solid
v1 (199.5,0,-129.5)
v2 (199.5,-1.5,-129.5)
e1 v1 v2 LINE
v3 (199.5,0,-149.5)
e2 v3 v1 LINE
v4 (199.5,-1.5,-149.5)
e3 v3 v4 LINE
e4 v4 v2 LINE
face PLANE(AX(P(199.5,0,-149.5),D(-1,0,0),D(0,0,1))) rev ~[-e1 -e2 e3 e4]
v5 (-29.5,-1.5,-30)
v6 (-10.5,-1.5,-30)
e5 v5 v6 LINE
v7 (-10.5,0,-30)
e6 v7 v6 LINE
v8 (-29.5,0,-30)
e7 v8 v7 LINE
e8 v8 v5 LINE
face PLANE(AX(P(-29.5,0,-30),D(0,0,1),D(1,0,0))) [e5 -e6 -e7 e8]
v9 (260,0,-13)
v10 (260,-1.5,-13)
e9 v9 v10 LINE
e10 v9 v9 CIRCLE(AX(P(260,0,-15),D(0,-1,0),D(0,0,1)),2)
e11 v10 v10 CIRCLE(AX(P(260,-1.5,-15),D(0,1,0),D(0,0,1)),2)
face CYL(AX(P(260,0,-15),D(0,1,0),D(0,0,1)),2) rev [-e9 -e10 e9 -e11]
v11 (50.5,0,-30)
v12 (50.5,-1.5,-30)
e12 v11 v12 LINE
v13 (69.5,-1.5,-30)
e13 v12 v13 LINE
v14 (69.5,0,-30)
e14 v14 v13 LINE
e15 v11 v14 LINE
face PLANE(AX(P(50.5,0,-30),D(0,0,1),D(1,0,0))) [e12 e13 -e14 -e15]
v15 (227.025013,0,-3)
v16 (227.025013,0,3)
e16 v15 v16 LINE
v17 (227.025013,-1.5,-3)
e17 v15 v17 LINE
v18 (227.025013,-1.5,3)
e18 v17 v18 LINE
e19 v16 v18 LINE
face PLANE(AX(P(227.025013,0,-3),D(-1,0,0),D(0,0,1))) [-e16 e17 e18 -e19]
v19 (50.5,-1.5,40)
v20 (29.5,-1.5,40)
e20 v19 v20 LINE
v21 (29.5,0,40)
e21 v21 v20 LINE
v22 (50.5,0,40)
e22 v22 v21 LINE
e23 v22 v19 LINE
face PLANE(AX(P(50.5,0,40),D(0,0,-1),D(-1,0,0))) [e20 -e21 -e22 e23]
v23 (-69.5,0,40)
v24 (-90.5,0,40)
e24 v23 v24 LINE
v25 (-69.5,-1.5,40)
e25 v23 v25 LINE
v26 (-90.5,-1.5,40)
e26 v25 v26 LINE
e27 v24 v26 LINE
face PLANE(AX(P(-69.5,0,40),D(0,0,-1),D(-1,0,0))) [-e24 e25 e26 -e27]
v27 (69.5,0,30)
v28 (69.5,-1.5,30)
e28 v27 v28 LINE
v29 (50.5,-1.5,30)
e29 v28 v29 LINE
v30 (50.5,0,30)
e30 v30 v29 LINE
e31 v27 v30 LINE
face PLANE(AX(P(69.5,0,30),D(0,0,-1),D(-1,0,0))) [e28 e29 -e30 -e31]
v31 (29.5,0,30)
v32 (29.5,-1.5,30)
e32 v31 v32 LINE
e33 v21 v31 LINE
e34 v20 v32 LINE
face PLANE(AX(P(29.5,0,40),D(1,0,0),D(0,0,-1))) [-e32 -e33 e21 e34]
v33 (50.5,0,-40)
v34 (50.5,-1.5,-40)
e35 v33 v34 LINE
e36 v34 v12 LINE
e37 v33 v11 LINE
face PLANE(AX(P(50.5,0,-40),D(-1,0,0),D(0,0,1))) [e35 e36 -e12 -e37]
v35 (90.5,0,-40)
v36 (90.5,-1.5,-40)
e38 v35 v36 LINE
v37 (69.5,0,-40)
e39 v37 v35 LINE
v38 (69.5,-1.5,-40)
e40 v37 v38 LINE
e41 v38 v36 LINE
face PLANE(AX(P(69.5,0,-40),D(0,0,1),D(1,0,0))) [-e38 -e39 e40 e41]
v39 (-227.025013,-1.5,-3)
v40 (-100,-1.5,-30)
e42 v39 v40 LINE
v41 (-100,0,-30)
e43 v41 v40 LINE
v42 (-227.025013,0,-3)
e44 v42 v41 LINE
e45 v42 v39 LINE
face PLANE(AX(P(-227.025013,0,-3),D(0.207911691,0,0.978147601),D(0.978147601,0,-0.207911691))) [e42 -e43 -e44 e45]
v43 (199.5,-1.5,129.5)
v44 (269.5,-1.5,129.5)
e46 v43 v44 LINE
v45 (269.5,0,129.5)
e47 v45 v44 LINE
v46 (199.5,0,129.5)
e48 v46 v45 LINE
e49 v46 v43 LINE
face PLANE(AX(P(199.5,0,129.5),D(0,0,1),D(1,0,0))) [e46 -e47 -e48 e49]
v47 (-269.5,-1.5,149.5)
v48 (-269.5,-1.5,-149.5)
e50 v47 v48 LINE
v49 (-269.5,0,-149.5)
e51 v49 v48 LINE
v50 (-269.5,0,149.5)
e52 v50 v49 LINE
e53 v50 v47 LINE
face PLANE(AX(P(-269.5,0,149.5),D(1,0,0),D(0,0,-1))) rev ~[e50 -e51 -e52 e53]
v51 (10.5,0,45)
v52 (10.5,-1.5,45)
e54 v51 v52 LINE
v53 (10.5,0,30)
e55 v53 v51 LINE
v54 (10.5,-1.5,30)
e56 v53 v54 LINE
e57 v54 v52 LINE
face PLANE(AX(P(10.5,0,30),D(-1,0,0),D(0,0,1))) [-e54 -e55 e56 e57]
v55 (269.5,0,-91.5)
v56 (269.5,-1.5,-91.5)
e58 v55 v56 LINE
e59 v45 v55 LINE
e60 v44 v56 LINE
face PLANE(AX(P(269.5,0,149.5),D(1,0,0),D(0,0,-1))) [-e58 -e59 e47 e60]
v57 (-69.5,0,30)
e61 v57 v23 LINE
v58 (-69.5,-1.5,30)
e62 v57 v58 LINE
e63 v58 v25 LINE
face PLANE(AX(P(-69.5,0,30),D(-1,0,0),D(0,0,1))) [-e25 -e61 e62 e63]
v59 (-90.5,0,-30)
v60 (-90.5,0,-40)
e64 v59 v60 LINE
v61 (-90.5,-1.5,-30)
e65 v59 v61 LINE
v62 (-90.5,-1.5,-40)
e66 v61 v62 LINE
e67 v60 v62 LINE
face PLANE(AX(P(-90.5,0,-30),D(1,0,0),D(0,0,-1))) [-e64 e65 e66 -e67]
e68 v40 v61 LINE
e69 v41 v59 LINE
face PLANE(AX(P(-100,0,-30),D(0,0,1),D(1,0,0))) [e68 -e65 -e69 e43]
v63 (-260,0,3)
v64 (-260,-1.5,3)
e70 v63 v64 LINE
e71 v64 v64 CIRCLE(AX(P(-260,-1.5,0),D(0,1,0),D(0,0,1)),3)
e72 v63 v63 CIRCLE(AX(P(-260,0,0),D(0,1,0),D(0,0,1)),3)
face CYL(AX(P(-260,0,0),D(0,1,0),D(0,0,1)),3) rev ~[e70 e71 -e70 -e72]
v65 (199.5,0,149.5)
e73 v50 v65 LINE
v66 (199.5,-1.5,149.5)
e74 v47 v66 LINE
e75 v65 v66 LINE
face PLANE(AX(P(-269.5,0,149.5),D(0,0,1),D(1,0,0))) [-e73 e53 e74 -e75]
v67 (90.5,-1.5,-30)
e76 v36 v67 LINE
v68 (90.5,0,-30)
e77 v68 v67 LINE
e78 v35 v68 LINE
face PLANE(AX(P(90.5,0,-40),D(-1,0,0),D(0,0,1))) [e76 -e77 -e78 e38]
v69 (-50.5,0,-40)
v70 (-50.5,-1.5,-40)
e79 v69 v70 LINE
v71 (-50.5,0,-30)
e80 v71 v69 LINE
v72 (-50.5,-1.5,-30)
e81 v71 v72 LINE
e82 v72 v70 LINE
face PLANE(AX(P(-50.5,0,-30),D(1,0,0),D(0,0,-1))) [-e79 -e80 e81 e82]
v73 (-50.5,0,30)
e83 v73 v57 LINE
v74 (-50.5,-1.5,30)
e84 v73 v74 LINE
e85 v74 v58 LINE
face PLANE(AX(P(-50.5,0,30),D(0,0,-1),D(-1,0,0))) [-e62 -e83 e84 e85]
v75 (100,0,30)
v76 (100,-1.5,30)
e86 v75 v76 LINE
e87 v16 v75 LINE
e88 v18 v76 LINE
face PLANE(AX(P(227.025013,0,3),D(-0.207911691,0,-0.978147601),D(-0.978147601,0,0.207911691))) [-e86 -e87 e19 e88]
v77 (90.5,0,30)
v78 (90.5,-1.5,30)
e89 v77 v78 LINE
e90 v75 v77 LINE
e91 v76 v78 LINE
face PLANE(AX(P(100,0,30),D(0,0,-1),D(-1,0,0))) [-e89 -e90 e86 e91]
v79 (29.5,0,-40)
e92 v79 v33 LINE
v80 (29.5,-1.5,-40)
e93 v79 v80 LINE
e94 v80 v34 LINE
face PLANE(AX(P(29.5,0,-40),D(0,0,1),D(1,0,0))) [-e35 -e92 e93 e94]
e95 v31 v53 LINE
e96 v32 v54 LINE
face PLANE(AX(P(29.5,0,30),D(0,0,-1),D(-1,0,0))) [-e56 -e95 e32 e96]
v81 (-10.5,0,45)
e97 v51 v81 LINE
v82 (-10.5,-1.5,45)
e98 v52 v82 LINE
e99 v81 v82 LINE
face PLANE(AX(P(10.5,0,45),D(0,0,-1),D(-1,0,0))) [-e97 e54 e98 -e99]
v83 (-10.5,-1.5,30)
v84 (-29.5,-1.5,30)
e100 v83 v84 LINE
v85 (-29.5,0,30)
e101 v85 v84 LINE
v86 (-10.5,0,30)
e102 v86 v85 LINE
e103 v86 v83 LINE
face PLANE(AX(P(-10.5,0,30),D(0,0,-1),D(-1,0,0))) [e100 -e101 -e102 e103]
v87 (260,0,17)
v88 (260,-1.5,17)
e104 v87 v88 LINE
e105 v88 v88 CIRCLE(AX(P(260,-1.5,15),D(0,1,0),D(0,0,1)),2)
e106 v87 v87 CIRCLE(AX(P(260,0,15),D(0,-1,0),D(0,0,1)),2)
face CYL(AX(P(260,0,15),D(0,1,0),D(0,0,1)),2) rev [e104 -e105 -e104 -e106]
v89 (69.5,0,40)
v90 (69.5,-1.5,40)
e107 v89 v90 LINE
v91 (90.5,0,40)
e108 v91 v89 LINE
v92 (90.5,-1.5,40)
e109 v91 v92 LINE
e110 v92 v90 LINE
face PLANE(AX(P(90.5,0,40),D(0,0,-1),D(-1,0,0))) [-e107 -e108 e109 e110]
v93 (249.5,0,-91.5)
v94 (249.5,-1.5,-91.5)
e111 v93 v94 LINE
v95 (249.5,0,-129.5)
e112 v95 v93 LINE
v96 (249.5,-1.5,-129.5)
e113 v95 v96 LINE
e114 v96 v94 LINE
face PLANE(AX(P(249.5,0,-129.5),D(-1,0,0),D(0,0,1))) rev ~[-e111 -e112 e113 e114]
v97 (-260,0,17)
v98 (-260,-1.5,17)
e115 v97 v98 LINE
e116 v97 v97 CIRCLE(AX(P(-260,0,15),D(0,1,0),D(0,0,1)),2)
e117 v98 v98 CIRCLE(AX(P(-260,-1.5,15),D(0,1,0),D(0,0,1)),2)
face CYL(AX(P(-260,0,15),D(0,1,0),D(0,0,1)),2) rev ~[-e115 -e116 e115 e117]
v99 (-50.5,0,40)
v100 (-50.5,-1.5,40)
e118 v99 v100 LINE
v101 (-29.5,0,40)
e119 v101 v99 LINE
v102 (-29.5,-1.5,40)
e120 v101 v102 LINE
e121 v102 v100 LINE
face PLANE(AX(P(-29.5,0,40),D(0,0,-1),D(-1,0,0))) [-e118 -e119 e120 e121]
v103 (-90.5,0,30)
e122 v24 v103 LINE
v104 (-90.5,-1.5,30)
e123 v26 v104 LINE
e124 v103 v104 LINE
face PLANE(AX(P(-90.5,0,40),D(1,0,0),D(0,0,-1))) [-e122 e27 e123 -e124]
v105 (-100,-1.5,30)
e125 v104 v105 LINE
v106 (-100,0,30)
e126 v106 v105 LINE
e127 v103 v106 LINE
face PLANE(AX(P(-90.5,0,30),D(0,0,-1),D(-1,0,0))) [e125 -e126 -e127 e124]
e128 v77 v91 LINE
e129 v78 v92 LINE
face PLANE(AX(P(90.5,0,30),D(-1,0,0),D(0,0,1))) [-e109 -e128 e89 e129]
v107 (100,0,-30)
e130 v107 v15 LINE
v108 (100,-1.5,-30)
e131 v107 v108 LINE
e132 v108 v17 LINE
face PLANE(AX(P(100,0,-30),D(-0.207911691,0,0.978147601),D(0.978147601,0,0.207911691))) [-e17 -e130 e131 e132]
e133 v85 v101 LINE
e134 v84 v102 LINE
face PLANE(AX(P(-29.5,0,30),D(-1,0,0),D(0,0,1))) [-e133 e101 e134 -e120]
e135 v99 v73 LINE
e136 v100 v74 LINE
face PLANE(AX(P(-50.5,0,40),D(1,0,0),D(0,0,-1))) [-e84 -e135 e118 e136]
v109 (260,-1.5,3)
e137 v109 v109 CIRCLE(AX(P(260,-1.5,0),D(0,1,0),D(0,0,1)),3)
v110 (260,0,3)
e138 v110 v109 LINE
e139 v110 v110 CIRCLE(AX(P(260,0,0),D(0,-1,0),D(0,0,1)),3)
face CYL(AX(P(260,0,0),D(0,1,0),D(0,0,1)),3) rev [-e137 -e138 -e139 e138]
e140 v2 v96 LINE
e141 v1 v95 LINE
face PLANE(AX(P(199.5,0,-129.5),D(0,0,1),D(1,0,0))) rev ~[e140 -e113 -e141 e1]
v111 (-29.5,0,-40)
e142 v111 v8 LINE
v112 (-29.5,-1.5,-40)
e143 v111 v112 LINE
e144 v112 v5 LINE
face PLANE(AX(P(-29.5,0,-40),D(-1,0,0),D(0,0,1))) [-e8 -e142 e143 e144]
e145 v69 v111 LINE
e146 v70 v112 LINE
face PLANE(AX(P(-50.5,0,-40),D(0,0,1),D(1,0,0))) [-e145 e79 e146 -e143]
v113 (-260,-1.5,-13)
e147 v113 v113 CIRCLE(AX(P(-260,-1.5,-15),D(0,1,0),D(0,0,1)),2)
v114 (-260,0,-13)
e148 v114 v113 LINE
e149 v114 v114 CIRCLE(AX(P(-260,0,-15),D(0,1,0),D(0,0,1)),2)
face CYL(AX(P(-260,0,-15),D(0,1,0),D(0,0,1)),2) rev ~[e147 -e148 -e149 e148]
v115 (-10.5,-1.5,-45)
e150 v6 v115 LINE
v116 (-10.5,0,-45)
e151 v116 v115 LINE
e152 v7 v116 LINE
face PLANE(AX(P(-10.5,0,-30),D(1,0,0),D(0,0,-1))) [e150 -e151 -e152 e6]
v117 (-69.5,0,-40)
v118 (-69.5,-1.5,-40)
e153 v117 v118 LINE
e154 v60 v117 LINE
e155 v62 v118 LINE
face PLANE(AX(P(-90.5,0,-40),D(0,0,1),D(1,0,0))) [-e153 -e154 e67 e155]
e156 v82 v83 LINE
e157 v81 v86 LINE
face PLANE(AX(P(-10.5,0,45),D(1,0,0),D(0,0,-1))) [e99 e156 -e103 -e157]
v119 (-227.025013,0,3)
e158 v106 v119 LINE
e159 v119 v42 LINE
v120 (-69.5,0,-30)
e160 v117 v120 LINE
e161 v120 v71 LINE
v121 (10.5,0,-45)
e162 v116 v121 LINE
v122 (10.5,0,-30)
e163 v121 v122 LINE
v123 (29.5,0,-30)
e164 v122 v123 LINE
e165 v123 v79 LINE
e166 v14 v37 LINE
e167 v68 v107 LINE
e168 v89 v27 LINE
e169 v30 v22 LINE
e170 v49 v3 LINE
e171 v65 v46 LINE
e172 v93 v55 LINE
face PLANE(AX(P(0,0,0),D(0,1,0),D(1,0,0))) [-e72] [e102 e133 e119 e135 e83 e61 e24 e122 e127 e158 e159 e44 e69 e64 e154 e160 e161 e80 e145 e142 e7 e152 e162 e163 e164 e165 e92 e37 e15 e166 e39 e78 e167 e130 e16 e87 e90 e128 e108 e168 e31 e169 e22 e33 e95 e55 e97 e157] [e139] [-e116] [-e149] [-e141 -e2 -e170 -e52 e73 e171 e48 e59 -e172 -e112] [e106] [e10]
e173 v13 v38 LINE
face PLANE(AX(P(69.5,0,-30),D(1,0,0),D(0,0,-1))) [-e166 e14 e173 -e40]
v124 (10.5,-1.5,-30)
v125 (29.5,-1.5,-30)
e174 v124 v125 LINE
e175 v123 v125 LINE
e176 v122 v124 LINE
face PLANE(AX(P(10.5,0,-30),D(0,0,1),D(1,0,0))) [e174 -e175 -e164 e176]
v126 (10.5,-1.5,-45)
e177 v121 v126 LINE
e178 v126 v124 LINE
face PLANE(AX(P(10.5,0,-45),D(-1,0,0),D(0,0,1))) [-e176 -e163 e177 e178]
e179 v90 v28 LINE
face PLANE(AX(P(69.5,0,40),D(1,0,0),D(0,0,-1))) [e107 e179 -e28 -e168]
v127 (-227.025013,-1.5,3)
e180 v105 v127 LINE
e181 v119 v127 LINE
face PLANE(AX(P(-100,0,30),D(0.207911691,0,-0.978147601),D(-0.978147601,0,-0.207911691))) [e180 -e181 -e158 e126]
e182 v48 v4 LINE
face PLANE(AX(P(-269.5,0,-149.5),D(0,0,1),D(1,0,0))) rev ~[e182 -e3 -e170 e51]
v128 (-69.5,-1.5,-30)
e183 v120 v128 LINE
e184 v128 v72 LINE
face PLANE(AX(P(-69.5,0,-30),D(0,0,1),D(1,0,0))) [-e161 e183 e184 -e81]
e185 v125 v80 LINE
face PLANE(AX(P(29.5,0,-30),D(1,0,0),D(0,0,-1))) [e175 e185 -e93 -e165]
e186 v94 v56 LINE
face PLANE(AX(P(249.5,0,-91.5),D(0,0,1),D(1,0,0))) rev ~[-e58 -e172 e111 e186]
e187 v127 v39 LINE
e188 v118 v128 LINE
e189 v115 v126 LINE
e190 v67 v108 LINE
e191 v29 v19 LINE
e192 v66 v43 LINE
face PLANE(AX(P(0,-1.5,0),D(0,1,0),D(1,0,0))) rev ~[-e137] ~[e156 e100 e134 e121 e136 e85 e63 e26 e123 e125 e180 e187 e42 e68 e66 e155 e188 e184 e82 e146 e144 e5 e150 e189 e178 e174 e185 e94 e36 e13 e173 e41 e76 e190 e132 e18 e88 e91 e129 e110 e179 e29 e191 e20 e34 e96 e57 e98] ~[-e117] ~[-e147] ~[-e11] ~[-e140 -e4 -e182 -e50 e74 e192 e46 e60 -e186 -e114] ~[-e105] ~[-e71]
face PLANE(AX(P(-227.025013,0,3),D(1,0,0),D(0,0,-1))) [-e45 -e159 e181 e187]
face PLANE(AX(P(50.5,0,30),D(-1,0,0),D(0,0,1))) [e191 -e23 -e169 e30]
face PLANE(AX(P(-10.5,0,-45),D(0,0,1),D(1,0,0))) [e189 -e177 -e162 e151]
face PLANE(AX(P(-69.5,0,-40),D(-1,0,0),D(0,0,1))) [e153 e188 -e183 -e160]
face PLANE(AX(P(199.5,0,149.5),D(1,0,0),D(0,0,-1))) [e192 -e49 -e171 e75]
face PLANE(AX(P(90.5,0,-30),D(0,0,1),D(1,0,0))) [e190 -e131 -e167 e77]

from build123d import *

# Parameters (mm, degrees)
SKETCH1_W           = 539
SKETCH1_H           = 299
BOSS_EXTRUDE1_DEPTH = 1.5
SKETCH10_W          = 70
SKETCH10_H          = 20
CUT_EXTRUDE6_DEPTH  = 309.192715683
SKETCH2_R           = 3
SKETCH2_R_2         = 2
CUT_EXTRUDE1_DEPTH  = 10
CUT_EXTRUDE7_DEPTH  = 309.192715683


with BuildPart() as part:
    # Sketch1 → Boss-Extrude1 (new body)
    with BuildSketch(Plane(origin=(0, 0, 0), x_dir=(1, 0, 0), z_dir=(0, 1, 0))):
        Rectangle(SKETCH1_W, SKETCH1_H)
    extrude(amount=-BOSS_EXTRUDE1_DEPTH)

    # Sketch10 → Cut-Extrude6 (cut, through all)
    with BuildSketch(Plane(origin=(0, 0, 0), x_dir=(1, 0, 0), z_dir=(0, 1, 0))):
        Polygon((269.5, 149.5), (199.5, 149.5), (199.5, 129.5), (249.5, 129.5), (249.5, 91.5), (269.5, 91.5), align=None)
        with Locations((234.5, -139.5)):
            Rectangle(SKETCH10_W, SKETCH10_H)
    extrude(amount=-CUT_EXTRUDE6_DEPTH, mode=Mode.SUBTRACT)

    # Sketch2 → Cut-Extrude1 (cut)
    with BuildSketch(Plane(origin=(0, 0, 0), x_dir=(1, 0, 0), z_dir=(0, 1, 0))):
        with Locations(Location((-260, 0, 0), (0, 0, 270))):
            Circle(SKETCH2_R)
        with Locations(Location((-260, 15, 0), (0, 0, 270))):
            Circle(SKETCH2_R_2)
        with Locations(Location((-260, -15, 0), (0, 0, 270))):
            Circle(SKETCH2_R_2)
    cut_extrude1 = extrude(amount=-CUT_EXTRUDE1_DEPTH, mode=Mode.SUBTRACT)

    # Mirror1: Cut-Extrude1 across plane
    add(cut_extrude1.mirror(Plane(origin=(0, 0, 0), x_dir=(0, 0, 1), z_dir=(1, 0, 0))), mode=Mode.SUBTRACT)

    # Sketch11 → Cut-Extrude7 (cut, through all)
    with BuildSketch(Plane(origin=(0, 0, 0), x_dir=(1, 0, 0), z_dir=(0, 1, 0))):
        Polygon((227.025012956, 3), (227.025012956, -3), (100, -30), (90.5, -30), (90.5, -40), (69.5, -40), (69.5, -30), (50.5, -30), (50.5, -40), (29.5, -40), (29.5, -30), (10.5, -30), (10.5, -45), (-10.5, -45), (-10.5, -30), (-29.5, -30), (-29.5, -40), (-50.5, -40), (-50.5, -30), (-69.5, -30), (-69.5, -40), (-90.5, -40), (-90.5, -30), (-100, -30), (-227.025012956, -3), (-227.025012956, 3), (-100, 30), (-90.5, 30), (-90.5, 40), (-69.5, 40), (-69.5, 30), (-50.5, 30), (-50.5, 40), (-29.5, 40), (-29.5, 30), (-10.5, 30), (-10.5, 45), (10.5, 45), (10.5, 30), (29.5, 30), (29.5, 40), (50.5, 40), (50.5, 30), (69.5, 30), (69.5, 40), (90.5, 40), (90.5, 30), (100, 30), align=None)
    extrude(amount=-CUT_EXTRUDE7_DEPTH, mode=Mode.SUBTRACT)


solid = part.part
